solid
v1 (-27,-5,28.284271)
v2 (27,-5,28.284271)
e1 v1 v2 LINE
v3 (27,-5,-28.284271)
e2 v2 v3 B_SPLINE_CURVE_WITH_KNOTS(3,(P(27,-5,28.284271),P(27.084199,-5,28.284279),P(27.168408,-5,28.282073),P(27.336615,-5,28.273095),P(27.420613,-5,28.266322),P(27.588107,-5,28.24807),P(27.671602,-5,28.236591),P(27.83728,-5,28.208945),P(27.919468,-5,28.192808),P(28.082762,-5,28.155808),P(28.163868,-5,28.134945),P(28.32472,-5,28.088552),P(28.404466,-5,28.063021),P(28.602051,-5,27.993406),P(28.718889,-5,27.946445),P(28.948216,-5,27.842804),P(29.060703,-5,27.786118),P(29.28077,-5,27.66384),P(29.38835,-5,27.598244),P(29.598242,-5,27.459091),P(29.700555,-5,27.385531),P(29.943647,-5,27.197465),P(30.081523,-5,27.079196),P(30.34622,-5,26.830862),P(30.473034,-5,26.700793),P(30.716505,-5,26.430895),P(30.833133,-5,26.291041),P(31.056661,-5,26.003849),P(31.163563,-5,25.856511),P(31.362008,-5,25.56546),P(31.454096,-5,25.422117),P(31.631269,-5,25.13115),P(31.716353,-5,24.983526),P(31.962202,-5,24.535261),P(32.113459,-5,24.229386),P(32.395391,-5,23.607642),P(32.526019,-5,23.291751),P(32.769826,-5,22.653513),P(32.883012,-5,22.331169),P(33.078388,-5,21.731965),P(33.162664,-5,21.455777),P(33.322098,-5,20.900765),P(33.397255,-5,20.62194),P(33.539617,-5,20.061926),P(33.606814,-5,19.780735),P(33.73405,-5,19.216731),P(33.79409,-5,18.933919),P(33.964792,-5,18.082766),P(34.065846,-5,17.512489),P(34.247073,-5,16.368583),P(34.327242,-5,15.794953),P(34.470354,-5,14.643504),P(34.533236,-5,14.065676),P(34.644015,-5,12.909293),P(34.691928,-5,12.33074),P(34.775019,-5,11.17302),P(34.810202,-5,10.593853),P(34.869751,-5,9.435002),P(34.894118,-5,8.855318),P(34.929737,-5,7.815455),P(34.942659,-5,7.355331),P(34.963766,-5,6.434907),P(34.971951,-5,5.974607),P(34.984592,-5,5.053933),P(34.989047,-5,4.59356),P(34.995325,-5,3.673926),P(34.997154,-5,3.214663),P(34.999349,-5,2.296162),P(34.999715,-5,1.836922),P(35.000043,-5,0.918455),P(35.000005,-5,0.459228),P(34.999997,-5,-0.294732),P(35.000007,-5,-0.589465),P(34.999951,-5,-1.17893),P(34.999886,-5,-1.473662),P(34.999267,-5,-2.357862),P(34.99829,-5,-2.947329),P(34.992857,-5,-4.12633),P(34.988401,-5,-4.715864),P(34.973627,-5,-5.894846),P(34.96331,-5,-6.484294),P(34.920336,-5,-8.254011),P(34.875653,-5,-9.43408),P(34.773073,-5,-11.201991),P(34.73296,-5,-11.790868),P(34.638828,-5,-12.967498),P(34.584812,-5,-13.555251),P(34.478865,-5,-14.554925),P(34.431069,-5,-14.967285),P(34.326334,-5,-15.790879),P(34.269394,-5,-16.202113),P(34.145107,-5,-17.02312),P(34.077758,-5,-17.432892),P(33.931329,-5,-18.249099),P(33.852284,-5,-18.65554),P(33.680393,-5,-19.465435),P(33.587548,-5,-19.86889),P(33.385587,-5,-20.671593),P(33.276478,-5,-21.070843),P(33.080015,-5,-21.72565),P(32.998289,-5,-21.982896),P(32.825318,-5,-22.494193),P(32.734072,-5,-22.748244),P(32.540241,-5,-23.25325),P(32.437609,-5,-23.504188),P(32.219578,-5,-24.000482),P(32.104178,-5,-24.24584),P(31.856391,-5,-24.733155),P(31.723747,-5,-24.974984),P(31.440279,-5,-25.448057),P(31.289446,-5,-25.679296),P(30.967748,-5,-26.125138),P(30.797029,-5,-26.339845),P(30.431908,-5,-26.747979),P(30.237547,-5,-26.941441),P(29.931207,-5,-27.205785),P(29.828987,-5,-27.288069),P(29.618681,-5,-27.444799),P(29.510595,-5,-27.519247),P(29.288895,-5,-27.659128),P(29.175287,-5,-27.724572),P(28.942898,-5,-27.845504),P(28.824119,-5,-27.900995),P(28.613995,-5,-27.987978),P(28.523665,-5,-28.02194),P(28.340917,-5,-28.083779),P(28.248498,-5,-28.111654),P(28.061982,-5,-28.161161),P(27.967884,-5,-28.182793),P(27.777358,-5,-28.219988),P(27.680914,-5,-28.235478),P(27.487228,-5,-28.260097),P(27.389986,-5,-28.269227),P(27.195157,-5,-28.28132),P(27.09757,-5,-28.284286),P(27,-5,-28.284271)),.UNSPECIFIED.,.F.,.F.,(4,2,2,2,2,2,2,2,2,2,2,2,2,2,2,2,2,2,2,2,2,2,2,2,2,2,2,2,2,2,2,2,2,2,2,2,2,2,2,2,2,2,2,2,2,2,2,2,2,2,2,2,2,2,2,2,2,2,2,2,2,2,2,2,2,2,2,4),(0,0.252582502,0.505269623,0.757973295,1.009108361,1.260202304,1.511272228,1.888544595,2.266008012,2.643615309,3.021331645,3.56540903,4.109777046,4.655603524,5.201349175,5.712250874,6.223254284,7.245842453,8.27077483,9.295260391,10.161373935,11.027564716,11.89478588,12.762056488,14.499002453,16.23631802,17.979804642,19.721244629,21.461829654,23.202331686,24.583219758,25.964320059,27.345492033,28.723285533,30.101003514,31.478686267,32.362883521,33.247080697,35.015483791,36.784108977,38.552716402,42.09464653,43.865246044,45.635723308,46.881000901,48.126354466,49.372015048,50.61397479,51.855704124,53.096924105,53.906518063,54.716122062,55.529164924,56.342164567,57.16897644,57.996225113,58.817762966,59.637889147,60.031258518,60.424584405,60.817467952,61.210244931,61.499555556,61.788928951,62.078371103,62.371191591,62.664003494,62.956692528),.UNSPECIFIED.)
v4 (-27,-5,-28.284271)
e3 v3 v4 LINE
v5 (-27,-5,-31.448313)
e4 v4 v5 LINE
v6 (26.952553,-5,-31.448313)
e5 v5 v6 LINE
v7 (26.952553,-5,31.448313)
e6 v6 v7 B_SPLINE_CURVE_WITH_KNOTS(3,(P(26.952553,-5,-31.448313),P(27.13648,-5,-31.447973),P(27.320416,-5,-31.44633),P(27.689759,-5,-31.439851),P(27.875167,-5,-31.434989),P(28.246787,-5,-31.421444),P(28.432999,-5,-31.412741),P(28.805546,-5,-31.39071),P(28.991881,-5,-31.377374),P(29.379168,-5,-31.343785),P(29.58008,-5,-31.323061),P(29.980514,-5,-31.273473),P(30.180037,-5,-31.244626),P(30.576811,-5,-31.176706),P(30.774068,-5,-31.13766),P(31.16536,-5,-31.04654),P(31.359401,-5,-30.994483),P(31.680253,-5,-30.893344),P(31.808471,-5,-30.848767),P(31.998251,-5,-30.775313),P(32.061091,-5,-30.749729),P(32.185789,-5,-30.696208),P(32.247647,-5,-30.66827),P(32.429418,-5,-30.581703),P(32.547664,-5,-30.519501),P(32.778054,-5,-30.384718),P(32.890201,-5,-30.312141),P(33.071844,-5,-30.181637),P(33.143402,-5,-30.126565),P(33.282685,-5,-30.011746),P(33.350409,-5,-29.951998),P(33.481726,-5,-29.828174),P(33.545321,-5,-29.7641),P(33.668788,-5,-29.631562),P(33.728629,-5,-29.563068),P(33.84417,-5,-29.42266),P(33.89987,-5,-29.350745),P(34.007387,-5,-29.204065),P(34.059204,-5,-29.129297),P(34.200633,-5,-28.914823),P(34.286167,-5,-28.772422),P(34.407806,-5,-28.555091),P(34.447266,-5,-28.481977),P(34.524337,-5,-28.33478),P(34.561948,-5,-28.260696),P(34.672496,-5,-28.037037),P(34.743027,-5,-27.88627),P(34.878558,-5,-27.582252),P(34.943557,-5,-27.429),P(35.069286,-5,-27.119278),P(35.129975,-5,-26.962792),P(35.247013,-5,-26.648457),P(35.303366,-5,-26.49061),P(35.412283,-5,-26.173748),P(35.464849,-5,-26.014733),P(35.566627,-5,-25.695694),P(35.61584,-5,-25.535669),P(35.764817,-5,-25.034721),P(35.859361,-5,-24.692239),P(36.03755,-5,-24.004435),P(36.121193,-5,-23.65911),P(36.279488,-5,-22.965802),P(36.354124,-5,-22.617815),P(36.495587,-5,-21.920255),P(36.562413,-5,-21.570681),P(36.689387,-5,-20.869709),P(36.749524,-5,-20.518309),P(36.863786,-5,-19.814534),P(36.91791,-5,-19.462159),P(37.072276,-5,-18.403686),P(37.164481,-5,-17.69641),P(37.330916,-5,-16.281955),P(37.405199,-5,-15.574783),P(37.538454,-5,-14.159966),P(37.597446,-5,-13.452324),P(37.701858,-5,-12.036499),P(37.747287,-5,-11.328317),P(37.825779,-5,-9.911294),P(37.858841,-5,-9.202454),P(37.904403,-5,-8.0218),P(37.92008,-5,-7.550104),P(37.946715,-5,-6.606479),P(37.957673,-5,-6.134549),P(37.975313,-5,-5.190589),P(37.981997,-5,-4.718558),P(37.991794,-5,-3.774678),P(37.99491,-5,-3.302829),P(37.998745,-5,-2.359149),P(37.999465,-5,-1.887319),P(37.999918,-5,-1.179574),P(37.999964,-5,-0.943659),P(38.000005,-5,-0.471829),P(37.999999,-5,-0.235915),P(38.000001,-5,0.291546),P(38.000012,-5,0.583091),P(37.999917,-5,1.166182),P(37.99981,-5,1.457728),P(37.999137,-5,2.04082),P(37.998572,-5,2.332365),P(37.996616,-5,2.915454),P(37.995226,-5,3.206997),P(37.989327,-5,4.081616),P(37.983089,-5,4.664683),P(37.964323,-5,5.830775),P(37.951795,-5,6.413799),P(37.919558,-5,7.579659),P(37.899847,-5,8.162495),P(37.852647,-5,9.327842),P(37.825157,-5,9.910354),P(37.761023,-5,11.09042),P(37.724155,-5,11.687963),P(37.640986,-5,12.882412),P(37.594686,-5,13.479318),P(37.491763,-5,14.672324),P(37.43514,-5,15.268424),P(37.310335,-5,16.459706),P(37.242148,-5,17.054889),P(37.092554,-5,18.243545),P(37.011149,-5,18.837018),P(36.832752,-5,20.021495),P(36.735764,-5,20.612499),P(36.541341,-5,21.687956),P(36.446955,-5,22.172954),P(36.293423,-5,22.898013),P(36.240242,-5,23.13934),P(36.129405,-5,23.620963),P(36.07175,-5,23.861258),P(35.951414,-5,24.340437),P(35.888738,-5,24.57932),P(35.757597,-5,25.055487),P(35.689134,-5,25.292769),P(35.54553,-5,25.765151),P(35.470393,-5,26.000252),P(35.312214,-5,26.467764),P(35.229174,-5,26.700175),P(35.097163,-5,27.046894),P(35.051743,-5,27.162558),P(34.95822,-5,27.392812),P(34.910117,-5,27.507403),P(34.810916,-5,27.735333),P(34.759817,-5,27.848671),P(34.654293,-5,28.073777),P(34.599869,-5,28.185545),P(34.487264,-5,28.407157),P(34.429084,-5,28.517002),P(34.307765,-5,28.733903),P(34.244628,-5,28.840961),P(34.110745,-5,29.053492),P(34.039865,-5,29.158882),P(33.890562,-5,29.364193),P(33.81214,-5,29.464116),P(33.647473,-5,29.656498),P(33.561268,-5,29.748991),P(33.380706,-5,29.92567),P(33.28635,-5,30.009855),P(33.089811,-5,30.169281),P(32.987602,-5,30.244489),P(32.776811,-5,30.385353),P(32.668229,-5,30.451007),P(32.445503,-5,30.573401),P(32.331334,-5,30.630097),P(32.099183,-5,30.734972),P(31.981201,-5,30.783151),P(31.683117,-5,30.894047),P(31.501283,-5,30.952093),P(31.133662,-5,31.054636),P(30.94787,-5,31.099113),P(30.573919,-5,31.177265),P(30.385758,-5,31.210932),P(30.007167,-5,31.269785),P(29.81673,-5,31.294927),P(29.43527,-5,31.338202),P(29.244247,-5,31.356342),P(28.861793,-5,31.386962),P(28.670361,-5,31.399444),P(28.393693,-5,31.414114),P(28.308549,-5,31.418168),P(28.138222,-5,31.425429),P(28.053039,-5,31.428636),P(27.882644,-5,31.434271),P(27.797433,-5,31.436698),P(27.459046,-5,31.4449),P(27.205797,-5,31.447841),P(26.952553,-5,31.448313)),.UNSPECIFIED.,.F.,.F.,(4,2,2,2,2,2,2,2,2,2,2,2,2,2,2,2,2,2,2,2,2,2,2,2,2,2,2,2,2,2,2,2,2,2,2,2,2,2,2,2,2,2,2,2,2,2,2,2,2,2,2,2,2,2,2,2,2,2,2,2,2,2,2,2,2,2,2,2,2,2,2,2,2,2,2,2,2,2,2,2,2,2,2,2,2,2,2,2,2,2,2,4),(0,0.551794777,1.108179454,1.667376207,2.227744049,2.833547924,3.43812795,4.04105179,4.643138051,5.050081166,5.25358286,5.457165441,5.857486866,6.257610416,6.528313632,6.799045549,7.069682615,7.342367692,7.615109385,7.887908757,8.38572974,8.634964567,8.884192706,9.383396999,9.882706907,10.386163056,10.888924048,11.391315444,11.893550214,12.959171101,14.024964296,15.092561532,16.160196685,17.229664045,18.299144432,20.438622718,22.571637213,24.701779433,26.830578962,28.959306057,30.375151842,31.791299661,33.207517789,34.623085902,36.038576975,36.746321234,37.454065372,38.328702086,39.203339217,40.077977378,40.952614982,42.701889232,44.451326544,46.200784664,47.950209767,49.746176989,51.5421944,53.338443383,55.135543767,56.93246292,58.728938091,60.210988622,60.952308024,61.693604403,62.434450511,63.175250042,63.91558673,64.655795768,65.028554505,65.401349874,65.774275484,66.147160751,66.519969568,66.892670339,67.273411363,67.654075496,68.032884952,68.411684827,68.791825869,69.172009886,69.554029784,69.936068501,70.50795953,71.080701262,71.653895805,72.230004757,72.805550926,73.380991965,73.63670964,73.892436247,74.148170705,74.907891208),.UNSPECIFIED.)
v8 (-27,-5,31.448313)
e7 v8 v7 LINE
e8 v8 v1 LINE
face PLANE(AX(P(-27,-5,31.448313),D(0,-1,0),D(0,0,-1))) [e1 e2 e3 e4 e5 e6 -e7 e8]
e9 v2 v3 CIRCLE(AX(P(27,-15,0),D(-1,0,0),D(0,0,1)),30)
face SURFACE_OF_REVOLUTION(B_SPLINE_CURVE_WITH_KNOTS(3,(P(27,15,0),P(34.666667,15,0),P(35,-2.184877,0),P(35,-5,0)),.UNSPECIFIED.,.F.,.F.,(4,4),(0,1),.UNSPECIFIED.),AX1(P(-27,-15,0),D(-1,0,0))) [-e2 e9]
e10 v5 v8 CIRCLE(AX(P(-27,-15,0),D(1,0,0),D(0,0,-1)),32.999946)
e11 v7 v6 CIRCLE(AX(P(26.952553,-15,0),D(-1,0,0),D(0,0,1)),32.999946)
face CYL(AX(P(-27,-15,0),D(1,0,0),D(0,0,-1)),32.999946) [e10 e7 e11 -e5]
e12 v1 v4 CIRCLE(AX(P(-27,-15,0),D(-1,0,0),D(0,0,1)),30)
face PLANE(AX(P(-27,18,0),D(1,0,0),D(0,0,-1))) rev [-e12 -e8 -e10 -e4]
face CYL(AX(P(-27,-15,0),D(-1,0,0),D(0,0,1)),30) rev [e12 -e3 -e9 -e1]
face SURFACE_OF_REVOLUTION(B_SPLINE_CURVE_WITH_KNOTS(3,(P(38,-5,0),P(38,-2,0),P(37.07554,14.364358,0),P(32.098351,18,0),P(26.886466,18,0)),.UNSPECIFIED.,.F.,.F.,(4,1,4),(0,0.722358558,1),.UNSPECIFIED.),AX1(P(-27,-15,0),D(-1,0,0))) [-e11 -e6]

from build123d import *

# Parameters (mm, degrees)
ESBO_O3_OUTSIDE_W     = 90.748
ESBO_O3_OUTSIDE_H     = 90.748
CORTE_EXTRUS_O1_DEPTH = 88.281154989


with BuildPart() as part:
    # Esboço2 → Revolução1 (revolve)
    with BuildSketch(Plane.XY, mode=Mode.PRIVATE) as revolu_o1_sk:
        with BuildLine():
            Line((-27, 18), (-27, 15))
            Line((-27, 15), (27, 15))
            add(Edge.make_bspline(
                [(27, 15), (34.666666667, 15), (35, -2.184877438), (35, -5)],
                knots=[0, 0, 0, 0, 1, 1, 1, 1], degree=3))
            Line((35, -5), (38, -5))
            add(Edge.make_bspline(
                [(26.886465682, 18), (32.098350771, 18), (37.075539744, 14.364357804), (38, -2), (38, -5)],
                knots=[0, 0, 0, 0, 0.277641442, 1, 1, 1, 1], degree=3))
            Line((26.886465682, 18), (-27, 18))
        make_face()
    revolve(revolu_o1_sk.sketch.rotate(Axis((-27, -15, 0), (1, 0, 0)), 90), axis=Axis((-27, -15, 0), (1, 0, 0)))

    # Esboço3 outside → Corte-extrusão1 (cut, through all)
    with BuildSketch(Plane(origin=(38, 0, 0), x_dir=(0, 0, -1), z_dir=(1, 0, 0))):
        with Locations((0, -15)):
            Rectangle(ESBO_O3_OUTSIDE_W, ESBO_O3_OUTSIDE_H)
        with BuildLine():
            Line((-31.448313267, -5), (31.448313267, -5))
            ThreePointArc((31.448313267, -5), (0, 17.999945565), (-31.448313267, -5))
        make_face(mode=Mode.SUBTRACT)
    extrude(amount=-CORTE_EXTRUS_O1_DEPTH, mode=Mode.SUBTRACT)


solid = part.part
